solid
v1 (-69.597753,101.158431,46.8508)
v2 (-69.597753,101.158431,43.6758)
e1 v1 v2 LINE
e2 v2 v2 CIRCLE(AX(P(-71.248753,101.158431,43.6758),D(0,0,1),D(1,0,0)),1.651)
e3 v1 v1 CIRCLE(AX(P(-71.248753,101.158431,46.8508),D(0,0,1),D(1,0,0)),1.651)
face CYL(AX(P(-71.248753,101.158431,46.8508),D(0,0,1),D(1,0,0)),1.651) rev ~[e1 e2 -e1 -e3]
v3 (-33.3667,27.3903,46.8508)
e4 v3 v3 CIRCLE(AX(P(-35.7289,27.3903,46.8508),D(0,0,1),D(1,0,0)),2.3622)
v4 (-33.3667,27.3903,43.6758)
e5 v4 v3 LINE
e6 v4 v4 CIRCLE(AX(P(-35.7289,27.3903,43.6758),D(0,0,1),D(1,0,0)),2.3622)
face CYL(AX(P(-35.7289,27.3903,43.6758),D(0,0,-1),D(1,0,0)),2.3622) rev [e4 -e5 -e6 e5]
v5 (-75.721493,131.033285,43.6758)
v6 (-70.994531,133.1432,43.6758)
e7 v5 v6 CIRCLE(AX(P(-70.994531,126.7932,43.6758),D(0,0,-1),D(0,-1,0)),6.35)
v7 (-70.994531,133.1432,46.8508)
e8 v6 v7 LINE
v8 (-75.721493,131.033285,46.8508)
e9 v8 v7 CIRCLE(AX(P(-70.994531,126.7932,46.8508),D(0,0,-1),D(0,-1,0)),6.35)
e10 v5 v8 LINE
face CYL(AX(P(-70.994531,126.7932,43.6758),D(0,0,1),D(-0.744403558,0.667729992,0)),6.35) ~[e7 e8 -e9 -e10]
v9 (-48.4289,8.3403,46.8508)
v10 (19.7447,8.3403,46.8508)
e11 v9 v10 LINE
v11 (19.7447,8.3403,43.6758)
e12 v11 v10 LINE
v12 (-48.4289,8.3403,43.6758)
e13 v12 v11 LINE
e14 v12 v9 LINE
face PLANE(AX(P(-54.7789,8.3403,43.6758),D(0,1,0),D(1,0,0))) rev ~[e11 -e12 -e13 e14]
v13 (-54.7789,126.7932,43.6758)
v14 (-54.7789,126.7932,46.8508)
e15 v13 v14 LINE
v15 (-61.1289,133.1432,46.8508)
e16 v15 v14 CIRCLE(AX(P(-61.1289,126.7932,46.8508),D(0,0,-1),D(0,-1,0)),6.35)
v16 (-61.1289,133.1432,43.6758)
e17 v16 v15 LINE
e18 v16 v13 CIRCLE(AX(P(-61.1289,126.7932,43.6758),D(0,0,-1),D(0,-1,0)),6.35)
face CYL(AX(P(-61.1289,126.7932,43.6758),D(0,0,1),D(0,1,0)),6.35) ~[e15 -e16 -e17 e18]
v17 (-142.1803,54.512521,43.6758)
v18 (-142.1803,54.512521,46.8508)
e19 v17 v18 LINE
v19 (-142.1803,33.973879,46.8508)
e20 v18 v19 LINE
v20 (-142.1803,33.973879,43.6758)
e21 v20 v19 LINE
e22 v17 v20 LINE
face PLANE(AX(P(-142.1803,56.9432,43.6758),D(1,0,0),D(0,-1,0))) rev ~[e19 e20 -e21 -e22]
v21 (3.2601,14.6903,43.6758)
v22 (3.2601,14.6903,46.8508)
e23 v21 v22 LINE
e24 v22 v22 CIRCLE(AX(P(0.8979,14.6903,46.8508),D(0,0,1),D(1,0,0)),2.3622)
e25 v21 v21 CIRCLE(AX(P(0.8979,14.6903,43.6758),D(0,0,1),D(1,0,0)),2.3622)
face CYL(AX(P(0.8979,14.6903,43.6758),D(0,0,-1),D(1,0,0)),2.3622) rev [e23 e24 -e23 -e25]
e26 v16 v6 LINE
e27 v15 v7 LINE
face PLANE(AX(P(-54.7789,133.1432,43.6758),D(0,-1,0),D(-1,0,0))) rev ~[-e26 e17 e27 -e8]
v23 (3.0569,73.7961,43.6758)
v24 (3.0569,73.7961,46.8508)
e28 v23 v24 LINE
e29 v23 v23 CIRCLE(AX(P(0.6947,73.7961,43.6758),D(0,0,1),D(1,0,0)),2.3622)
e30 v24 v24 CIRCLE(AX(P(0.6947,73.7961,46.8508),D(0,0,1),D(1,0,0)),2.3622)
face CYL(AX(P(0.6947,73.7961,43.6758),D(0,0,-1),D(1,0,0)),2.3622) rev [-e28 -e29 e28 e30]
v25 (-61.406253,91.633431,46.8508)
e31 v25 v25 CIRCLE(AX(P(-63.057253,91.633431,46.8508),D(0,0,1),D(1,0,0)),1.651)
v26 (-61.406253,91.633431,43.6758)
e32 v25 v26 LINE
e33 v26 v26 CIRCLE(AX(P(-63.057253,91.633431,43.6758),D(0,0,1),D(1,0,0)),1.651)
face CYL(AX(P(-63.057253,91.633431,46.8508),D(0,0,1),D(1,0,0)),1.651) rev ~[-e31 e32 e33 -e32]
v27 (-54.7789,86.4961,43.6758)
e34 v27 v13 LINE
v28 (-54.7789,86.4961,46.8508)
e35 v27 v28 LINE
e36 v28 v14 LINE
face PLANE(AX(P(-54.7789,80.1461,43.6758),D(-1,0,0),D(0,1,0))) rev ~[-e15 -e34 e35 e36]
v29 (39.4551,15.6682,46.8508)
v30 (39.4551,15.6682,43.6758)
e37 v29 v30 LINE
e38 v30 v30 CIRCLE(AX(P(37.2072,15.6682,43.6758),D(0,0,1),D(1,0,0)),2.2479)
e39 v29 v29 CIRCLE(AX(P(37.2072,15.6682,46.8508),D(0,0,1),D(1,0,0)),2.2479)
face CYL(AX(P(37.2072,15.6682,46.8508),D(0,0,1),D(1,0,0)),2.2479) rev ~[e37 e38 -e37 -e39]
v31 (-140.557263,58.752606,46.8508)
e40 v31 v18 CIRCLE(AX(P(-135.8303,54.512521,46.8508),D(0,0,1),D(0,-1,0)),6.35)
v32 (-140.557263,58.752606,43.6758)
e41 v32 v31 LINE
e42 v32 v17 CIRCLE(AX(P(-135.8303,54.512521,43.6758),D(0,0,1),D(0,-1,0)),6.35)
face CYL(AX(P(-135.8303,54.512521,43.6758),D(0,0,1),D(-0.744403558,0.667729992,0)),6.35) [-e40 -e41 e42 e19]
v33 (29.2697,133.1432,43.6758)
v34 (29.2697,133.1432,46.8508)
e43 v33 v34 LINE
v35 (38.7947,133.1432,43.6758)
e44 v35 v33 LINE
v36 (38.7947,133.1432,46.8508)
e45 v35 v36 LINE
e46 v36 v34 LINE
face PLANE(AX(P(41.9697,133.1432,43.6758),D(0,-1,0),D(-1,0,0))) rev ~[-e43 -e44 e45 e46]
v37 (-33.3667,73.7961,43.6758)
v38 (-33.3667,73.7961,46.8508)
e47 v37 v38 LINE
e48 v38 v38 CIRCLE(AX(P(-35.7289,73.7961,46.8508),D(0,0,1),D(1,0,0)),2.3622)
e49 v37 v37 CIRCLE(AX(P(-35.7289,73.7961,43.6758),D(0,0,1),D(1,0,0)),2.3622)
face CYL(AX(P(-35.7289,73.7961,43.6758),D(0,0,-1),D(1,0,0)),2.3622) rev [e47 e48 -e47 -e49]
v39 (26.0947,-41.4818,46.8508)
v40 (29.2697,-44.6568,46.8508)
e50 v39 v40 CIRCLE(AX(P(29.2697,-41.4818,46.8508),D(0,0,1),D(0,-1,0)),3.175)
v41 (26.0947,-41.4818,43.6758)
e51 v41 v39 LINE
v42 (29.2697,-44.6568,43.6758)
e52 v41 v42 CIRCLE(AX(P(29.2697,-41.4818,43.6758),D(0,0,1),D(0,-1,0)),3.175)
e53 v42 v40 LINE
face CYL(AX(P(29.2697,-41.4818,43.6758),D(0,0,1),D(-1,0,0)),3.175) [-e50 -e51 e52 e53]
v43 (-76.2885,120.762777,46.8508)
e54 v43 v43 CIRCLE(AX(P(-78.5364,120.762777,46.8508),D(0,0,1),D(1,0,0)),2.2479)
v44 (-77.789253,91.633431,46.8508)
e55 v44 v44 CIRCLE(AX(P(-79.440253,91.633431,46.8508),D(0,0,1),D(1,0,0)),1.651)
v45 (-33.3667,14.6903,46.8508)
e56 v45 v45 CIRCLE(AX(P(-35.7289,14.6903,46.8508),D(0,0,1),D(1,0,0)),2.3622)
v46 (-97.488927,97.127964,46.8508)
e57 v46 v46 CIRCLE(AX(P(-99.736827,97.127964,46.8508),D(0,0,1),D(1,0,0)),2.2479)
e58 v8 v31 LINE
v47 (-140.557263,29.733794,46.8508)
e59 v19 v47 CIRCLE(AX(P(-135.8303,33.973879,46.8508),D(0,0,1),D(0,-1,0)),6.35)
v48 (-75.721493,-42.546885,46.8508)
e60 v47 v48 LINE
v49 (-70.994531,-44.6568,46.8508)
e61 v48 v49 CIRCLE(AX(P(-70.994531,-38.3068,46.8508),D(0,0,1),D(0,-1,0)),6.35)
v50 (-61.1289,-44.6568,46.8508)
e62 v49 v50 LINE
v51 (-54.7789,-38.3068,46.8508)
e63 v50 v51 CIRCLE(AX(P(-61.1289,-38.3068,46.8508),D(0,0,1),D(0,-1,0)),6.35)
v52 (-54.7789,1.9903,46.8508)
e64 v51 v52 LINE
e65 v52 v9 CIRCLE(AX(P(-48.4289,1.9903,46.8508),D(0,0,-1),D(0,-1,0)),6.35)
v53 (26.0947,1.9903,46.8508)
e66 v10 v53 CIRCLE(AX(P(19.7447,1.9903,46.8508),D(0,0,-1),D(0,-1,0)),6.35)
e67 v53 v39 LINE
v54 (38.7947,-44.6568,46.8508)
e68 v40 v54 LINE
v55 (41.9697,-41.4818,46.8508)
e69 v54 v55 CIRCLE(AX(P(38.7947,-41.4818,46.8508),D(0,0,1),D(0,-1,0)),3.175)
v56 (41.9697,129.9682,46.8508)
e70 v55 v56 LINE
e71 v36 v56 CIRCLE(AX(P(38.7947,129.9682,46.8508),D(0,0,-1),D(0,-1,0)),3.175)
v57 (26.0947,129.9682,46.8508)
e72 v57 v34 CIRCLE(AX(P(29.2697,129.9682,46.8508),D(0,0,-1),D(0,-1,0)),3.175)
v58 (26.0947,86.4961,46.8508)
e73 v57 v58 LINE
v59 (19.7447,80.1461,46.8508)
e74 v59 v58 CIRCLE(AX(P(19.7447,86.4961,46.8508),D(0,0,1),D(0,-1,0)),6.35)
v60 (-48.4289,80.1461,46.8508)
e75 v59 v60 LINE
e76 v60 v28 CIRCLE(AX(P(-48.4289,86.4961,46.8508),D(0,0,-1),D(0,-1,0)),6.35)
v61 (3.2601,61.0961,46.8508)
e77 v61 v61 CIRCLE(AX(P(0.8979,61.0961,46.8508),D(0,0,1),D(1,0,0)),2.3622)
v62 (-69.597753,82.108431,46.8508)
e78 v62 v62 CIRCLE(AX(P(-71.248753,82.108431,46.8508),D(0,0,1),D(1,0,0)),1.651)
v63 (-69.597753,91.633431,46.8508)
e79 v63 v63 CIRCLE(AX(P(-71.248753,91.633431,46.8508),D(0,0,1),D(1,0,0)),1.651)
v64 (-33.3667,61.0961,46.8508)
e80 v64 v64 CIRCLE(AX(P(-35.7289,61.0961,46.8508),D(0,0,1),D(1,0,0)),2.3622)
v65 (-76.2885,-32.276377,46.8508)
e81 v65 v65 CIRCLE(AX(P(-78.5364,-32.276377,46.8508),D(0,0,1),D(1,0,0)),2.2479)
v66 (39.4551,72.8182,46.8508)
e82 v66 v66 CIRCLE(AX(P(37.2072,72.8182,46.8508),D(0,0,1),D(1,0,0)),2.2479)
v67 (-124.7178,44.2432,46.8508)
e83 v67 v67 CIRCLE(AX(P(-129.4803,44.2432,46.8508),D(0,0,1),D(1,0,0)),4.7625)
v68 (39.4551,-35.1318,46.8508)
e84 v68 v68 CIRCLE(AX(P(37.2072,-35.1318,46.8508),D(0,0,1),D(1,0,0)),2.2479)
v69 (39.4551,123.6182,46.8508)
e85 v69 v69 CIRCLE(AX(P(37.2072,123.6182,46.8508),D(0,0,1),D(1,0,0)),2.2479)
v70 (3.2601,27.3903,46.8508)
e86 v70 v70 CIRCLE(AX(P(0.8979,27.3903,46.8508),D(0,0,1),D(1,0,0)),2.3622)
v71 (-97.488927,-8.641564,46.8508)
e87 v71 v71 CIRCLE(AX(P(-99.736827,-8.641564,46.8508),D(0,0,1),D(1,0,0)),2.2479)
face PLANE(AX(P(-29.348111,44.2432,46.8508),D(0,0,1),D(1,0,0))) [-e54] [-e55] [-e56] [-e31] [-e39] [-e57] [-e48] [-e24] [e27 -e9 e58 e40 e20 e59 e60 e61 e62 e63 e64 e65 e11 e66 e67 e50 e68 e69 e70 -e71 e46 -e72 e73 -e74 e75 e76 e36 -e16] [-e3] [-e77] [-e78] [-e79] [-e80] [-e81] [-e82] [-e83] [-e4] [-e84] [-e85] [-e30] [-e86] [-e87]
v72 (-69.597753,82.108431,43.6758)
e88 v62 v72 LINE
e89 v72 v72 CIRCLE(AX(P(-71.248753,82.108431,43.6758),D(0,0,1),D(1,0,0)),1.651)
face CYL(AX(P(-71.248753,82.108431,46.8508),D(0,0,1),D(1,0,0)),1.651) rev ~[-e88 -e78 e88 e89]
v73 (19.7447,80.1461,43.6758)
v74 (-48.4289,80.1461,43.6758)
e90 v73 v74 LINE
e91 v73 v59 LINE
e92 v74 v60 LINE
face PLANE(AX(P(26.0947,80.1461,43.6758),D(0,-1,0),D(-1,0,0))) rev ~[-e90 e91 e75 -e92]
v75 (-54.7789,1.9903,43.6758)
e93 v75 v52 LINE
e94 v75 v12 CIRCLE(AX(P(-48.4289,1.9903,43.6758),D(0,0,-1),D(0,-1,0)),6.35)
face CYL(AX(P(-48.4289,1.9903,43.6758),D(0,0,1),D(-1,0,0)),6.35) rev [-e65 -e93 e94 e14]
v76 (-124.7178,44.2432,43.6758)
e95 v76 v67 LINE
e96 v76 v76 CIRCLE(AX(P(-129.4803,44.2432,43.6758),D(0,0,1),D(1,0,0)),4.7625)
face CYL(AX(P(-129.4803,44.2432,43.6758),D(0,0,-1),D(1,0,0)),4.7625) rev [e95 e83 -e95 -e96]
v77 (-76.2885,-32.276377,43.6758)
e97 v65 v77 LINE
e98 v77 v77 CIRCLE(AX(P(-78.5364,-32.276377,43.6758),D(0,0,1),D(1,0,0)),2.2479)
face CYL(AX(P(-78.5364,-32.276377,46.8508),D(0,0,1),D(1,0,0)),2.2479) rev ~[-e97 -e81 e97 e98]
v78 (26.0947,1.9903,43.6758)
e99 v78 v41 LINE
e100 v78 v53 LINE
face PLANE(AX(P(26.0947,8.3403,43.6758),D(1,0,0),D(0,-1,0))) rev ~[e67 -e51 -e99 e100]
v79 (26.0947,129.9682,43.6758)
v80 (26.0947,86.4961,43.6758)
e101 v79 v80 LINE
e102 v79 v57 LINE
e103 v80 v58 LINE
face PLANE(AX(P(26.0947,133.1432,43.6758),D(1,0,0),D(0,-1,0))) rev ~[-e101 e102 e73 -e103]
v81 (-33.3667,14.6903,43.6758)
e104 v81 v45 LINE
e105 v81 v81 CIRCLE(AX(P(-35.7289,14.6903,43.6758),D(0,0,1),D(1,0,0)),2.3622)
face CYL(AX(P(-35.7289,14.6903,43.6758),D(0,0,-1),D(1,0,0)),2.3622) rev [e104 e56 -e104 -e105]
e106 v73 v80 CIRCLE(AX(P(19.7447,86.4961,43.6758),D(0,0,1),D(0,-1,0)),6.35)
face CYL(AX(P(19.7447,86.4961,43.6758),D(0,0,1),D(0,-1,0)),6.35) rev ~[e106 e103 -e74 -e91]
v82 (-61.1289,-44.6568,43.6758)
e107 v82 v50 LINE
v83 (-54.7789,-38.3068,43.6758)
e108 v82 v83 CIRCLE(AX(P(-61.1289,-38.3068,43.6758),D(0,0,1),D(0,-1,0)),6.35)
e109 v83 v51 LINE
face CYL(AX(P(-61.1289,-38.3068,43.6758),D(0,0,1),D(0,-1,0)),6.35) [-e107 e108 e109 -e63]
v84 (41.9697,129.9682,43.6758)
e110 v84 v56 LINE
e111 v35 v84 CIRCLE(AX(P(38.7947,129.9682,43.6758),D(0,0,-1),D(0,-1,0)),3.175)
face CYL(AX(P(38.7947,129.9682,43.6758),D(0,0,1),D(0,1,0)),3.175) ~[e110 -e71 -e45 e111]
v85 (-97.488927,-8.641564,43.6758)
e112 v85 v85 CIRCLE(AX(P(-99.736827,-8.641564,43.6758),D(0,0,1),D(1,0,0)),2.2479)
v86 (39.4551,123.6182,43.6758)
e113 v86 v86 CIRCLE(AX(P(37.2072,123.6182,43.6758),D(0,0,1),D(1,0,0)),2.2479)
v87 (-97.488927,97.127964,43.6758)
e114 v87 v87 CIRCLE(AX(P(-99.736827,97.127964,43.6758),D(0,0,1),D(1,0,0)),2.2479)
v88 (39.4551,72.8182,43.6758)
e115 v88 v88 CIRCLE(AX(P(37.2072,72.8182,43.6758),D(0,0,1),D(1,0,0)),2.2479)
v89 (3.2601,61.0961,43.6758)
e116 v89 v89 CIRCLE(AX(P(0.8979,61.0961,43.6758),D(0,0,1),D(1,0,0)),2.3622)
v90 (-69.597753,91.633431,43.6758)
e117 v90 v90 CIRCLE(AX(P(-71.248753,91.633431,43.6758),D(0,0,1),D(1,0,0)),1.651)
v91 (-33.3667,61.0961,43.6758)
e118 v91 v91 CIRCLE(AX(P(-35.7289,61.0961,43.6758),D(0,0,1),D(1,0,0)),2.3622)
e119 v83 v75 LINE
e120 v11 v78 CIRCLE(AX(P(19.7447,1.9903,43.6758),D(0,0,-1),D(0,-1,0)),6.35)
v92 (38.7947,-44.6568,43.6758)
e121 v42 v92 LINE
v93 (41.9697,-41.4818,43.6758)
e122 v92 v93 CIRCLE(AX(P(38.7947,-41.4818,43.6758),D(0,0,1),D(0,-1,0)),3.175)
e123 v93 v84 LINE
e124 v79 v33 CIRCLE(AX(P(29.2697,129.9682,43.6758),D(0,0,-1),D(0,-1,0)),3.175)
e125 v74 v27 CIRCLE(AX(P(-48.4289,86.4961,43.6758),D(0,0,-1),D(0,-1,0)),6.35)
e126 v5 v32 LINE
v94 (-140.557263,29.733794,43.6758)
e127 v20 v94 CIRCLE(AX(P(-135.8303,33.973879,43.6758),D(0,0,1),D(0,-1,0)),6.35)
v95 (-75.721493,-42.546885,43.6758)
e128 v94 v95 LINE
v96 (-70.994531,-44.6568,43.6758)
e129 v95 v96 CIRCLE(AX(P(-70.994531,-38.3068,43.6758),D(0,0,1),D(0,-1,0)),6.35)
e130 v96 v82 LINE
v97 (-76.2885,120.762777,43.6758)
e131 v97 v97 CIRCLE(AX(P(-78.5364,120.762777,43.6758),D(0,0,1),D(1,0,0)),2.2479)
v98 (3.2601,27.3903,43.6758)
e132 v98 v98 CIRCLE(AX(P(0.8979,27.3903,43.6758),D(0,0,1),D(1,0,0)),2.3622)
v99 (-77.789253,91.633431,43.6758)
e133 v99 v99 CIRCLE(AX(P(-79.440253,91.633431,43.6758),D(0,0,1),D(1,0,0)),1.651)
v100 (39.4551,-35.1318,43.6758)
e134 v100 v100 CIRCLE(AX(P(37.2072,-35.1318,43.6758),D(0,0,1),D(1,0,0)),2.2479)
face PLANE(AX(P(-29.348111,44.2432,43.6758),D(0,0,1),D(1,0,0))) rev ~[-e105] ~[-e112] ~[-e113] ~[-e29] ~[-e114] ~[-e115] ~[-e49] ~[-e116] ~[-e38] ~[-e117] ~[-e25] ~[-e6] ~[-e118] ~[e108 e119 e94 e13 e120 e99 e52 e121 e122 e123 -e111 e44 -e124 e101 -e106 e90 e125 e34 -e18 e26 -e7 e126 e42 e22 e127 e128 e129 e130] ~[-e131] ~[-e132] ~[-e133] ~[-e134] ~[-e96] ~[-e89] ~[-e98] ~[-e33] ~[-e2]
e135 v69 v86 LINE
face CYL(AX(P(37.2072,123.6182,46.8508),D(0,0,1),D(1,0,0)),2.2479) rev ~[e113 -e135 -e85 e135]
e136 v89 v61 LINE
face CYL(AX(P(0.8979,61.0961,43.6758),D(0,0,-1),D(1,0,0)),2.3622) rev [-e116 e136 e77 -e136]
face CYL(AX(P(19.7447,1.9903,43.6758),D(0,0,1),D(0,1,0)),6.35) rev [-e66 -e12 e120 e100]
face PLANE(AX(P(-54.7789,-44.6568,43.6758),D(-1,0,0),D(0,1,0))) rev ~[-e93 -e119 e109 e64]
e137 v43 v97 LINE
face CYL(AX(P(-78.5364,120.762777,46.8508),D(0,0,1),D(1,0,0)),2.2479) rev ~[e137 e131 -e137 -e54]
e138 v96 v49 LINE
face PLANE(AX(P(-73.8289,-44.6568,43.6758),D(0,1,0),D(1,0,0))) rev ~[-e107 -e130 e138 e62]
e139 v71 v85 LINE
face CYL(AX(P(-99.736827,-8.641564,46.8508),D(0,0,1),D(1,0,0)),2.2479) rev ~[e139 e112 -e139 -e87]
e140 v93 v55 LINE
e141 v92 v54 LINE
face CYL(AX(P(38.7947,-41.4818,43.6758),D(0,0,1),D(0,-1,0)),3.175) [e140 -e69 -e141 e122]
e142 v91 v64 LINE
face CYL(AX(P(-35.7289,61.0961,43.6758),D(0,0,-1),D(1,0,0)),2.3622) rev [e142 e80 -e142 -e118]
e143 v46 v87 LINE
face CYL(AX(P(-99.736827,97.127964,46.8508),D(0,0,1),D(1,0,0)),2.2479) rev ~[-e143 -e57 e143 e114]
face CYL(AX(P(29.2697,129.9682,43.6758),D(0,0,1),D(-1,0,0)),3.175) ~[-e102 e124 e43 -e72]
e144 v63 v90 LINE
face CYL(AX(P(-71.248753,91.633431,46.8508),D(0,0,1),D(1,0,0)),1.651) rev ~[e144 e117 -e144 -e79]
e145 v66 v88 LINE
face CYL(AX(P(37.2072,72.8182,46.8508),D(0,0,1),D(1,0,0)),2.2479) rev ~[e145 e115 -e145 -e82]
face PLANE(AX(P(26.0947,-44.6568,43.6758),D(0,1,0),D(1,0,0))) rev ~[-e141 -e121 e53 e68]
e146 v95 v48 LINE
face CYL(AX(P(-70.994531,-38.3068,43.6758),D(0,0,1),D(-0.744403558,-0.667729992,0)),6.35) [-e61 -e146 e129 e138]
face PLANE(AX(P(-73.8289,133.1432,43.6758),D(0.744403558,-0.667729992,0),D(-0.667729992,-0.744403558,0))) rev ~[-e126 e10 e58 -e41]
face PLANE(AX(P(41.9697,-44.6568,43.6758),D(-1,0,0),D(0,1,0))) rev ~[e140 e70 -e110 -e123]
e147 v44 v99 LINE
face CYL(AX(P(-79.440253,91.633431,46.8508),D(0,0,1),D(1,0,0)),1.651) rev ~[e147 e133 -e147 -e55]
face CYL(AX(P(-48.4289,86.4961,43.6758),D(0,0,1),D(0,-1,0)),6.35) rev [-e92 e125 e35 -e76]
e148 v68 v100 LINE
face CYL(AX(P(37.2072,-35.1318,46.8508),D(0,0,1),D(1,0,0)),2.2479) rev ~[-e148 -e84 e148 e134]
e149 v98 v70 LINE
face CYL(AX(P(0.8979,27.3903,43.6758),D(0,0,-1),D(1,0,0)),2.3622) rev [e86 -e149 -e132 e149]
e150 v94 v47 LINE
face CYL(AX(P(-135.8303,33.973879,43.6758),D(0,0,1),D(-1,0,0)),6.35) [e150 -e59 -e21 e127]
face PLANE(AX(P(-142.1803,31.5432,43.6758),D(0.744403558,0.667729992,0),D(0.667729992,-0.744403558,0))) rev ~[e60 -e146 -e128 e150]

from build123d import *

# Parameters (mm, degrees)
SKETCH_R        = 2.3622
SKETCH_R_2      = 4.7625
PAD_DEPTH       = 3.175
FILLET_R        = 6.35
FILLET001_R     = 6.35
FILLET002_R     = 6.35
FILLET003_R     = 6.35
FILLET004_R     = 6.35
FILLET005_R     = 3.175
FILLET006_R     = 3.175
FILLET007_R     = 6.35
FILLET008_R     = 6.35
FILLET009_R     = 6.35
FILLET010_R     = 6.35
FILLET011_R     = 6.35
FILLET012_R     = 3.175
FILLET013_R     = 3.175
SKETCH001_R     = 1.651
POCKET_DEPTH    = 3.176
SKETCH002_R     = 2.2479
POCKET001_DEPTH = 3.176
SKETCH003_R     = 2.2479
POCKET002_DEPTH = 4.99999


with BuildPart() as part:
    # Sketch → Pad (new body)
    with BuildSketch(Plane(origin=(-14.3421, 44.2432, 43.6758), x_dir=(1, 0, 0), z_dir=(0, 0, 1))):
        Polygon((40.4368, 35.9029), (-40.4368, 35.9029), (-40.4368, 88.9), (-59.4868, 88.9), (-127.8382, 12.7), (-127.8382, -12.7), (-59.4868, -88.9), (-40.4368, -88.9), (-40.4368, -35.9029), (40.4368, -35.9029), (40.4368, -88.9), (56.3118, -88.9), (56.3118, 88.9), (40.4368, 88.9), align=None)
        with Locations((-21.3868, 29.5529)):
            Circle(SKETCH_R, mode=Mode.SUBTRACT)
        with Locations((-21.3868, 16.8529)):
            Circle(SKETCH_R, mode=Mode.SUBTRACT)
        with Locations((-21.3868, -16.8529)):
            Circle(SKETCH_R, mode=Mode.SUBTRACT)
        with Locations((-21.3868, -29.5529)):
            Circle(SKETCH_R, mode=Mode.SUBTRACT)
        with Locations((15.0368, 29.5529)):
            Circle(SKETCH_R, mode=Mode.SUBTRACT)
        with Locations((15.24, 16.8529)):
            Circle(SKETCH_R, mode=Mode.SUBTRACT)
        with Locations((15.24, -16.8529)):
            Circle(SKETCH_R, mode=Mode.SUBTRACT)
        with Locations((15.24, -29.5529)):
            Circle(SKETCH_R, mode=Mode.SUBTRACT)
        with Locations((-115.1382, 0)):
            Circle(SKETCH_R_2, mode=Mode.SUBTRACT)
    extrude(amount=PAD_DEPTH)

    # Fillet
    fillet_edges = [part.edges().sort_by_distance(p)[0] for p in [
        (-142.1803, 31.5432, 45.2633),
    ]]
    fillet(fillet_edges, radius=FILLET_R)

    # Fillet001
    fillet001_edges = [part.edges().sort_by_distance(p)[0] for p in [
        (-73.8289, -44.6568, 45.2633),
    ]]
    fillet(fillet001_edges, radius=FILLET001_R)

    # Fillet002
    fillet002_edges = [part.edges().sort_by_distance(p)[0] for p in [
        (-54.7789, -44.6568, 45.2633),
    ]]
    fillet(fillet002_edges, radius=FILLET002_R)

    # Fillet003
    fillet003_edges = [part.edges().sort_by_distance(p)[0] for p in [
        (-54.7789, 8.3403, 45.2633),
    ]]
    fillet(fillet003_edges, radius=FILLET003_R)

    # Fillet004
    fillet004_edges = [part.edges().sort_by_distance(p)[0] for p in [
        (26.0947, 8.3403, 45.2633),
    ]]
    fillet(fillet004_edges, radius=FILLET004_R)

    # Fillet005
    fillet005_edges = [part.edges().sort_by_distance(p)[0] for p in [
        (26.0947, -44.6568, 45.2633),
    ]]
    fillet(fillet005_edges, radius=FILLET005_R)

    # Fillet006
    fillet006_edges = [part.edges().sort_by_distance(p)[0] for p in [
        (41.9697, -44.6568, 45.2633),
    ]]
    fillet(fillet006_edges, radius=FILLET006_R)

    # Fillet007
    fillet007_edges = [part.edges().sort_by_distance(p)[0] for p in [
        (-142.1803, 56.9432, 45.2633),
    ]]
    fillet(fillet007_edges, radius=FILLET007_R)

    # Fillet008
    fillet008_edges = [part.edges().sort_by_distance(p)[0] for p in [
        (-73.8289, 133.1432, 45.2633),
    ]]
    fillet(fillet008_edges, radius=FILLET008_R)

    # Fillet009
    fillet009_edges = [part.edges().sort_by_distance(p)[0] for p in [
        (-54.7789, 133.1432, 45.2633),
    ]]
    fillet(fillet009_edges, radius=FILLET009_R)

    # Fillet010
    fillet010_edges = [part.edges().sort_by_distance(p)[0] for p in [
        (26.0947, 80.1461, 45.2633),
    ]]
    fillet(fillet010_edges, radius=FILLET010_R)

    # Fillet011
    fillet011_edges = [part.edges().sort_by_distance(p)[0] for p in [
        (-54.7789, 80.1461, 45.2633),
    ]]
    fillet(fillet011_edges, radius=FILLET011_R)

    # Fillet012
    fillet012_edges = [part.edges().sort_by_distance(p)[0] for p in [
        (26.0947, 133.1432, 45.2633),
    ]]
    fillet(fillet012_edges, radius=FILLET012_R)

    # Fillet013
    fillet013_edges = [part.edges().sort_by_distance(p)[0] for p in [
        (41.9697, 133.1432, 45.2633),
    ]]
    fillet(fillet013_edges, radius=FILLET013_R)

    # Sketch001 → Pocket (cut, through all)
    with BuildSketch(Plane(origin=(-14.3421, 44.2432, 46.8508), x_dir=(1, 0, 0), z_dir=(0, 0, 1))):
        with Locations((-56.906653, 47.390231)):
            Circle(SKETCH001_R)
        with Locations((-65.098153, 47.390231)):
            Circle(SKETCH001_R)
        with Locations((-56.906653, 56.915231)):
            Circle(SKETCH001_R)
        with Locations((-48.715153, 47.390231)):
            Circle(SKETCH001_R)
        with Locations((-56.906653, 37.865231)):
            Circle(SKETCH001_R)
    extrude(amount=-POCKET_DEPTH, mode=Mode.SUBTRACT)

    # Sketch002 → Pocket001 (cut, through all)
    with BuildSketch(Plane(origin=(-14.3421, 44.2432, 46.8508), x_dir=(1, 0, 0), z_dir=(0, 0, 1))):
        with Locations((-85.394727, -52.884764)):
            Circle(SKETCH002_R)
        with Locations((-64.1943, -76.519577)):
            Circle(SKETCH002_R)
        with Locations((-64.1943, 76.519577)):
            Circle(SKETCH002_R)
        with Locations((-85.394727, 52.884764)):
            Circle(SKETCH002_R)
    extrude(amount=-POCKET001_DEPTH, mode=Mode.SUBTRACT)

    # Sketch003 → Pocket002 (cut)
    with BuildSketch(Plane(origin=(-14.3421, 44.2432, 46.8508), x_dir=(1, 0, 0), z_dir=(0, 0, 1))):
        with Locations((51.5493, -79.375)):
            Circle(SKETCH003_R)
        with Locations((51.5493, -28.575)):
            Circle(SKETCH003_R)
        with Locations((51.5493, 79.375)):
            Circle(SKETCH003_R)
        with Locations((51.5493, 28.575)):
            Circle(SKETCH003_R)
    extrude(amount=-POCKET002_DEPTH, mode=Mode.SUBTRACT)


solid = part.part
